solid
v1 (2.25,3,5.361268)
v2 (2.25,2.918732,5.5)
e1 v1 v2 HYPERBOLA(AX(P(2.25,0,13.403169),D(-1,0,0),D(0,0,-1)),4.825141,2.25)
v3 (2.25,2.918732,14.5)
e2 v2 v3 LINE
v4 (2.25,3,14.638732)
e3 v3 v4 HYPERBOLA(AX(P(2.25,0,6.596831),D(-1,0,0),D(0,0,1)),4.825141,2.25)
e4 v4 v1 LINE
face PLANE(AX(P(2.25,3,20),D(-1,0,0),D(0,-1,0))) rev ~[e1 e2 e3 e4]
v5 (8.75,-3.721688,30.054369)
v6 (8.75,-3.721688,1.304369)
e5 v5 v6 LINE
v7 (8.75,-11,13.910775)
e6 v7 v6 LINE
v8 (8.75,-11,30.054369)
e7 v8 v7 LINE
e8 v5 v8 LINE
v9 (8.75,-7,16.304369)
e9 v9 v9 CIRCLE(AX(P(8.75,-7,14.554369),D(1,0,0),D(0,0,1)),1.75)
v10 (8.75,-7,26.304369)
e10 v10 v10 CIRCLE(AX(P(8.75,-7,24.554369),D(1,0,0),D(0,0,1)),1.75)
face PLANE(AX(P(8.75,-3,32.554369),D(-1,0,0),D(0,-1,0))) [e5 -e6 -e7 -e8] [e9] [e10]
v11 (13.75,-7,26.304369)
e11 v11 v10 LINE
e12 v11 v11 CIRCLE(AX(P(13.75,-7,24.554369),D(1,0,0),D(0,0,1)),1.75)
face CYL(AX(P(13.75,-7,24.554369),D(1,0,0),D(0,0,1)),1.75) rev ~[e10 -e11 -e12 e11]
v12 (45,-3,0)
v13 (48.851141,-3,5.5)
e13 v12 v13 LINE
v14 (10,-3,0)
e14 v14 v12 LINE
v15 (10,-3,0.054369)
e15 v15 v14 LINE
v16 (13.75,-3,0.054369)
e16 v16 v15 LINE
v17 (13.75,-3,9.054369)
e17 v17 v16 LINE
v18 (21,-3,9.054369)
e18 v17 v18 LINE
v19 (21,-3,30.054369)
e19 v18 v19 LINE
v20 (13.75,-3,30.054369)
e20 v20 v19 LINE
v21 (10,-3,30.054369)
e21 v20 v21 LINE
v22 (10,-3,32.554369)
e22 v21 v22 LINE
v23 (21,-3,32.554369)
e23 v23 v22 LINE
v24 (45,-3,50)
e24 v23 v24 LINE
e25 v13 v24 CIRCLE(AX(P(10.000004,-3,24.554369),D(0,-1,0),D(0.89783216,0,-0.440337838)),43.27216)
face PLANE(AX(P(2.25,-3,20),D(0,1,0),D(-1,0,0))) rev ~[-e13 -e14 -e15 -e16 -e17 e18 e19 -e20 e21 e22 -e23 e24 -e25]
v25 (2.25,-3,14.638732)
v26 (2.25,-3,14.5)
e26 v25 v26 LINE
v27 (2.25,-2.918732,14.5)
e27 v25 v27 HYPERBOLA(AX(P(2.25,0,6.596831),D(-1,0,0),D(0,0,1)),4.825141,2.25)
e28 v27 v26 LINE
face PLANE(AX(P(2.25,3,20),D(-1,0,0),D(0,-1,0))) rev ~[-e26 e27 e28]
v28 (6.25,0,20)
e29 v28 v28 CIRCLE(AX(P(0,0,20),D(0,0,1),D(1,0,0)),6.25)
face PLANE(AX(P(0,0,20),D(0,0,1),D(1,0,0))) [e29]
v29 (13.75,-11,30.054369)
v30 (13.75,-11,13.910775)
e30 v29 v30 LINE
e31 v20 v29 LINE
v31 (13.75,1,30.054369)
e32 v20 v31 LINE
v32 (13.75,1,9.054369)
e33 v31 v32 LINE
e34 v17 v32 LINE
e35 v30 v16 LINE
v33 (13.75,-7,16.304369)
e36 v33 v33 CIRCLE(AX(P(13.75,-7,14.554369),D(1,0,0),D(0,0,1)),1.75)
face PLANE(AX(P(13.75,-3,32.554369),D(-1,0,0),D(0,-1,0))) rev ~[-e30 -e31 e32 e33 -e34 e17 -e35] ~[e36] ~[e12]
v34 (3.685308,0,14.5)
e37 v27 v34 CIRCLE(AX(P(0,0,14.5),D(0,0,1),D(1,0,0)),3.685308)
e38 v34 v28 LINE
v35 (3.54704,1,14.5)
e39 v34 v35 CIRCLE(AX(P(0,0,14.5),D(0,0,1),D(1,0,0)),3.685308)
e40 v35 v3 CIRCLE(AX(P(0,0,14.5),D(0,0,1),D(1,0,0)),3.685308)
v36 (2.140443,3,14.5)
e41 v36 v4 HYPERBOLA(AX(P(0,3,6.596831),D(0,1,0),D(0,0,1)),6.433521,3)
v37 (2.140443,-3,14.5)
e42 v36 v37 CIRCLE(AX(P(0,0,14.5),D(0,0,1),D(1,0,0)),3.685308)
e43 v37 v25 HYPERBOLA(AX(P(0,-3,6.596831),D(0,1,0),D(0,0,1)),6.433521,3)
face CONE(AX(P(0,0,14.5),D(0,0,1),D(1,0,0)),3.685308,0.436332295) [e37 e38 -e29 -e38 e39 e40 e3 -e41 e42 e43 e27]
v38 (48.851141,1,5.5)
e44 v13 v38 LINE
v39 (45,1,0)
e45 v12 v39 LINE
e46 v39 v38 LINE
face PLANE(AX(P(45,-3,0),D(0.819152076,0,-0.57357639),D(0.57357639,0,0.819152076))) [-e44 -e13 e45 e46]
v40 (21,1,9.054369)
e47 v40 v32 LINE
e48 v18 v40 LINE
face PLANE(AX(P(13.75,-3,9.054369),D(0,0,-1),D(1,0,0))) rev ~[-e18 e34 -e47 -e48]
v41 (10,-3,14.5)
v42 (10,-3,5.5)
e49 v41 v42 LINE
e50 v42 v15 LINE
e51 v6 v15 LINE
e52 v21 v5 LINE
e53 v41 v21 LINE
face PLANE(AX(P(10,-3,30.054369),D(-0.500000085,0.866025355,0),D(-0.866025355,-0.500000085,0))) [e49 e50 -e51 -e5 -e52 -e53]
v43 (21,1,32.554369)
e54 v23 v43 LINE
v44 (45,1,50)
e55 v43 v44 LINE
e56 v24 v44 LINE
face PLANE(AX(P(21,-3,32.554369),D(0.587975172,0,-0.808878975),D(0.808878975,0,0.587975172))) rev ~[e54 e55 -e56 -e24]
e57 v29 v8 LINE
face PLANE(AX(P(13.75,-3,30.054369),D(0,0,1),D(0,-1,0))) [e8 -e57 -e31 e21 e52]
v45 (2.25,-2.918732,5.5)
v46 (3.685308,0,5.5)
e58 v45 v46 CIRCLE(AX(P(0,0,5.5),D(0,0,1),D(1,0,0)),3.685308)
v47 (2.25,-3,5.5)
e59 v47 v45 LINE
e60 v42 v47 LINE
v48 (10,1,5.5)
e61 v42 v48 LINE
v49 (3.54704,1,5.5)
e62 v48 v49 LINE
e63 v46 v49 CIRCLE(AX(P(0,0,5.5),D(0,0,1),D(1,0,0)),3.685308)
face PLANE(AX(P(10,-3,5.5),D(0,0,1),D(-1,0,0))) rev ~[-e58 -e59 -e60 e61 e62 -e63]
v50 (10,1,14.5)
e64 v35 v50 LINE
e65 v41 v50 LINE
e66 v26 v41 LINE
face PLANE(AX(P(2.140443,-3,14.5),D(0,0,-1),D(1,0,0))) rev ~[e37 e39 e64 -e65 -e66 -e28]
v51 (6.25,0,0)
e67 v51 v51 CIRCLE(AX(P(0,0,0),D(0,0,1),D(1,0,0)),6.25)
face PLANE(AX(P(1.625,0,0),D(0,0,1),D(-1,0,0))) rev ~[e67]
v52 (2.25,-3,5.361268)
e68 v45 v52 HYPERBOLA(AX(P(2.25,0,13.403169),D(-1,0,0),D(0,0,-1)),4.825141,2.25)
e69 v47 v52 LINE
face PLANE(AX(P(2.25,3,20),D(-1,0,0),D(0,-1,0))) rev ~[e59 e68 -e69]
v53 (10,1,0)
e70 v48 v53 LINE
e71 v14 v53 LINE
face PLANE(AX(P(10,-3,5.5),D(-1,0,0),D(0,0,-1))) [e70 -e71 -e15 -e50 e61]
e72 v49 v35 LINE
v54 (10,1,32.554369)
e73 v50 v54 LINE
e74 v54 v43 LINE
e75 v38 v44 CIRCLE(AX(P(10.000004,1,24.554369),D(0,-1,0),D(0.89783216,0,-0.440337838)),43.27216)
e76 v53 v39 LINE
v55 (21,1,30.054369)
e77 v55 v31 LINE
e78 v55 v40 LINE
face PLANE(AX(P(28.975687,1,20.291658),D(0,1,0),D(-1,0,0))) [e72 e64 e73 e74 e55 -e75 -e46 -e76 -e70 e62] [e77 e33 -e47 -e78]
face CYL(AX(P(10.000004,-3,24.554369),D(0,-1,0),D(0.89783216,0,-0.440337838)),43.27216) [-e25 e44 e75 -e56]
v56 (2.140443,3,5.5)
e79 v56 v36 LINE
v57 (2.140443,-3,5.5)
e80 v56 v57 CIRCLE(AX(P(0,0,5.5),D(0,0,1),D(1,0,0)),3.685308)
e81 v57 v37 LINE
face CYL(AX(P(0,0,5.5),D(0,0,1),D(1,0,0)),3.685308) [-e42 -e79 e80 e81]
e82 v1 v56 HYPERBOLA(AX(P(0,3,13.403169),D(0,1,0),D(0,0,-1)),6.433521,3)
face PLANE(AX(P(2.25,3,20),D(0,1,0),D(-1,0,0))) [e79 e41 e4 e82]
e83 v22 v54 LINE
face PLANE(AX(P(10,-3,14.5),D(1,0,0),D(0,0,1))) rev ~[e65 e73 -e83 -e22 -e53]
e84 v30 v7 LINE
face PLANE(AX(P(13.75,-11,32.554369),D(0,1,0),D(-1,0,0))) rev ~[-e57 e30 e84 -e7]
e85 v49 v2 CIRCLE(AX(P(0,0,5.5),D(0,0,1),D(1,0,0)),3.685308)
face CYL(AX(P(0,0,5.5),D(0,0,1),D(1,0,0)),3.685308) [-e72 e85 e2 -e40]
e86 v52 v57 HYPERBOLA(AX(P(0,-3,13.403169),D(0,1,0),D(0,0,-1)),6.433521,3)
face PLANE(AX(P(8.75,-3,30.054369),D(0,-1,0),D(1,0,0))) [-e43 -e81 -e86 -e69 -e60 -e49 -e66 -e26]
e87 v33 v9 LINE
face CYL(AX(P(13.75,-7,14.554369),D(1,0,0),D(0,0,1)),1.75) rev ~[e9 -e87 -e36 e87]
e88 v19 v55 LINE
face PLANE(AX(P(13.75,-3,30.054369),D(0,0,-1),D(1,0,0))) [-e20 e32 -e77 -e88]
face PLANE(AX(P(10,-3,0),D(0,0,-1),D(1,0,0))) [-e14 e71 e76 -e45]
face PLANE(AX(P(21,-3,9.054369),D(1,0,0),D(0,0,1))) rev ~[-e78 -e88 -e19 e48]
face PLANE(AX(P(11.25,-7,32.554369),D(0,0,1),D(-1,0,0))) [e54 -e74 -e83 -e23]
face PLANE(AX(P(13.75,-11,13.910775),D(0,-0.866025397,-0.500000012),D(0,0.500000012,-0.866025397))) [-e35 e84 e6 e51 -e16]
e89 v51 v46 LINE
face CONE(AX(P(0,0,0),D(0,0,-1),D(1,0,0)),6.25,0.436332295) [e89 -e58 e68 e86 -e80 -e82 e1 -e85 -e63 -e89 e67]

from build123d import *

# Parameters (mm, degrees)
SKETCH001_W     = 1.25
SKETCH001_H     = 6
PAD_DEPTH       = 20
PAD001_DEPTH    = 4
SKETCH003_W     = 7.25
SKETCH003_H     = 21
POCKET_DEPTH    = 5
SKETCH004_W     = 5
SKETCH004_H     = 8
PAD002_DEPTH    = 32.5
SKETCH005_R     = 1.75
SKETCH005_W     = 2.5
SKETCH005_H     = 8
POCKET001_DEPTH = 5
POCKET002_DEPTH = 30.055369


with BuildPart() as part:
    # Sketch → Revolution (revolve)
    with BuildSketch(Plane.XZ):
        Polygon((0, 0), (6.25, 0), (3.685308, 5.5), (3.685308, 14.5), (6.25, 20), (0, 20), align=None)
    revolve(axis=Axis((0, 0, 0), (0, 0, 1)))

    # Sketch001 → Pad (new body)
    with BuildSketch(Plane(origin=(0, 0, 20), x_dir=(-1, 0, 0), z_dir=(0, 0, 1))):
        with Locations((-1.625, 0)):
            Rectangle(SKETCH001_W, SKETCH001_H)
    extrude(amount=-PAD_DEPTH)

    # Sketch002 → Pad001 (new body)
    with BuildSketch(Plane.XZ.offset(3)):
        with BuildLine():
            Line((2.140443, 14.5), (10, 14.5))
            Line((10, 14.5), (10, 32.554369))
            Line((10, 32.554369), (21, 32.554369))
            Line((21, 32.554369), (45, 50))
            ThreePointArc((48.851141, 5.5), (53.111023, 28.285305), (45, 50))
            Line((45, 0), (48.851141, 5.5))
            Line((10, 0), (45, 0))
            Line((10, 5.5), (10, 0))
            Line((10, 5.5), (2.140443, 5.5))
            Line((2.140443, 5.5), (2.140443, 14.5))
        make_face()
    extrude(amount=-PAD001_DEPTH)

    # Sketch003 → Pocket (cut)
    with BuildSketch(Plane.XZ.offset(3)):
        with Locations((17.375, 19.554369)):
            Rectangle(SKETCH003_W, SKETCH003_H)
    extrude(amount=-POCKET_DEPTH, mode=Mode.SUBTRACT)

    # Sketch004 → Pad002 (new body)
    with BuildSketch(Plane(origin=(0, 0, 32.554369), x_dir=(-1, 0, 0), z_dir=(0, 0, 1))):
        with Locations((-11.25, 7)):
            Rectangle(SKETCH004_W, SKETCH004_H)
    extrude(amount=-PAD002_DEPTH)

    # Sketch005 → Pocket001 (cut)
    with BuildSketch(Plane(origin=(13.75, 0, 0), x_dir=(0, 0, 1), z_dir=(1, 0, 0))):
        with Locations((14.554369, 7)):
            Circle(SKETCH005_R)
        with Locations((24.554369, 7)):
            Circle(SKETCH005_R)
        Polygon((0.054369, 11), (13.910775, 11), (0.054369, 3), align=None)
        with Locations((31.304369, 7)):
            Rectangle(SKETCH005_W, SKETCH005_H)
    extrude(amount=-POCKET001_DEPTH, mode=Mode.SUBTRACT)

    # Sketch006 → Pocket002 (cut, through all)
    with BuildSketch(Plane(origin=(0, 0, 30.054369), x_dir=(-1, 0, 0), z_dir=(0, 0, 1))):
        Polygon((-10, 3), (-8.75, 3.721688), (-8.75, 3), align=None)
    extrude(amount=-POCKET002_DEPTH, mode=Mode.SUBTRACT)


solid = part.part
